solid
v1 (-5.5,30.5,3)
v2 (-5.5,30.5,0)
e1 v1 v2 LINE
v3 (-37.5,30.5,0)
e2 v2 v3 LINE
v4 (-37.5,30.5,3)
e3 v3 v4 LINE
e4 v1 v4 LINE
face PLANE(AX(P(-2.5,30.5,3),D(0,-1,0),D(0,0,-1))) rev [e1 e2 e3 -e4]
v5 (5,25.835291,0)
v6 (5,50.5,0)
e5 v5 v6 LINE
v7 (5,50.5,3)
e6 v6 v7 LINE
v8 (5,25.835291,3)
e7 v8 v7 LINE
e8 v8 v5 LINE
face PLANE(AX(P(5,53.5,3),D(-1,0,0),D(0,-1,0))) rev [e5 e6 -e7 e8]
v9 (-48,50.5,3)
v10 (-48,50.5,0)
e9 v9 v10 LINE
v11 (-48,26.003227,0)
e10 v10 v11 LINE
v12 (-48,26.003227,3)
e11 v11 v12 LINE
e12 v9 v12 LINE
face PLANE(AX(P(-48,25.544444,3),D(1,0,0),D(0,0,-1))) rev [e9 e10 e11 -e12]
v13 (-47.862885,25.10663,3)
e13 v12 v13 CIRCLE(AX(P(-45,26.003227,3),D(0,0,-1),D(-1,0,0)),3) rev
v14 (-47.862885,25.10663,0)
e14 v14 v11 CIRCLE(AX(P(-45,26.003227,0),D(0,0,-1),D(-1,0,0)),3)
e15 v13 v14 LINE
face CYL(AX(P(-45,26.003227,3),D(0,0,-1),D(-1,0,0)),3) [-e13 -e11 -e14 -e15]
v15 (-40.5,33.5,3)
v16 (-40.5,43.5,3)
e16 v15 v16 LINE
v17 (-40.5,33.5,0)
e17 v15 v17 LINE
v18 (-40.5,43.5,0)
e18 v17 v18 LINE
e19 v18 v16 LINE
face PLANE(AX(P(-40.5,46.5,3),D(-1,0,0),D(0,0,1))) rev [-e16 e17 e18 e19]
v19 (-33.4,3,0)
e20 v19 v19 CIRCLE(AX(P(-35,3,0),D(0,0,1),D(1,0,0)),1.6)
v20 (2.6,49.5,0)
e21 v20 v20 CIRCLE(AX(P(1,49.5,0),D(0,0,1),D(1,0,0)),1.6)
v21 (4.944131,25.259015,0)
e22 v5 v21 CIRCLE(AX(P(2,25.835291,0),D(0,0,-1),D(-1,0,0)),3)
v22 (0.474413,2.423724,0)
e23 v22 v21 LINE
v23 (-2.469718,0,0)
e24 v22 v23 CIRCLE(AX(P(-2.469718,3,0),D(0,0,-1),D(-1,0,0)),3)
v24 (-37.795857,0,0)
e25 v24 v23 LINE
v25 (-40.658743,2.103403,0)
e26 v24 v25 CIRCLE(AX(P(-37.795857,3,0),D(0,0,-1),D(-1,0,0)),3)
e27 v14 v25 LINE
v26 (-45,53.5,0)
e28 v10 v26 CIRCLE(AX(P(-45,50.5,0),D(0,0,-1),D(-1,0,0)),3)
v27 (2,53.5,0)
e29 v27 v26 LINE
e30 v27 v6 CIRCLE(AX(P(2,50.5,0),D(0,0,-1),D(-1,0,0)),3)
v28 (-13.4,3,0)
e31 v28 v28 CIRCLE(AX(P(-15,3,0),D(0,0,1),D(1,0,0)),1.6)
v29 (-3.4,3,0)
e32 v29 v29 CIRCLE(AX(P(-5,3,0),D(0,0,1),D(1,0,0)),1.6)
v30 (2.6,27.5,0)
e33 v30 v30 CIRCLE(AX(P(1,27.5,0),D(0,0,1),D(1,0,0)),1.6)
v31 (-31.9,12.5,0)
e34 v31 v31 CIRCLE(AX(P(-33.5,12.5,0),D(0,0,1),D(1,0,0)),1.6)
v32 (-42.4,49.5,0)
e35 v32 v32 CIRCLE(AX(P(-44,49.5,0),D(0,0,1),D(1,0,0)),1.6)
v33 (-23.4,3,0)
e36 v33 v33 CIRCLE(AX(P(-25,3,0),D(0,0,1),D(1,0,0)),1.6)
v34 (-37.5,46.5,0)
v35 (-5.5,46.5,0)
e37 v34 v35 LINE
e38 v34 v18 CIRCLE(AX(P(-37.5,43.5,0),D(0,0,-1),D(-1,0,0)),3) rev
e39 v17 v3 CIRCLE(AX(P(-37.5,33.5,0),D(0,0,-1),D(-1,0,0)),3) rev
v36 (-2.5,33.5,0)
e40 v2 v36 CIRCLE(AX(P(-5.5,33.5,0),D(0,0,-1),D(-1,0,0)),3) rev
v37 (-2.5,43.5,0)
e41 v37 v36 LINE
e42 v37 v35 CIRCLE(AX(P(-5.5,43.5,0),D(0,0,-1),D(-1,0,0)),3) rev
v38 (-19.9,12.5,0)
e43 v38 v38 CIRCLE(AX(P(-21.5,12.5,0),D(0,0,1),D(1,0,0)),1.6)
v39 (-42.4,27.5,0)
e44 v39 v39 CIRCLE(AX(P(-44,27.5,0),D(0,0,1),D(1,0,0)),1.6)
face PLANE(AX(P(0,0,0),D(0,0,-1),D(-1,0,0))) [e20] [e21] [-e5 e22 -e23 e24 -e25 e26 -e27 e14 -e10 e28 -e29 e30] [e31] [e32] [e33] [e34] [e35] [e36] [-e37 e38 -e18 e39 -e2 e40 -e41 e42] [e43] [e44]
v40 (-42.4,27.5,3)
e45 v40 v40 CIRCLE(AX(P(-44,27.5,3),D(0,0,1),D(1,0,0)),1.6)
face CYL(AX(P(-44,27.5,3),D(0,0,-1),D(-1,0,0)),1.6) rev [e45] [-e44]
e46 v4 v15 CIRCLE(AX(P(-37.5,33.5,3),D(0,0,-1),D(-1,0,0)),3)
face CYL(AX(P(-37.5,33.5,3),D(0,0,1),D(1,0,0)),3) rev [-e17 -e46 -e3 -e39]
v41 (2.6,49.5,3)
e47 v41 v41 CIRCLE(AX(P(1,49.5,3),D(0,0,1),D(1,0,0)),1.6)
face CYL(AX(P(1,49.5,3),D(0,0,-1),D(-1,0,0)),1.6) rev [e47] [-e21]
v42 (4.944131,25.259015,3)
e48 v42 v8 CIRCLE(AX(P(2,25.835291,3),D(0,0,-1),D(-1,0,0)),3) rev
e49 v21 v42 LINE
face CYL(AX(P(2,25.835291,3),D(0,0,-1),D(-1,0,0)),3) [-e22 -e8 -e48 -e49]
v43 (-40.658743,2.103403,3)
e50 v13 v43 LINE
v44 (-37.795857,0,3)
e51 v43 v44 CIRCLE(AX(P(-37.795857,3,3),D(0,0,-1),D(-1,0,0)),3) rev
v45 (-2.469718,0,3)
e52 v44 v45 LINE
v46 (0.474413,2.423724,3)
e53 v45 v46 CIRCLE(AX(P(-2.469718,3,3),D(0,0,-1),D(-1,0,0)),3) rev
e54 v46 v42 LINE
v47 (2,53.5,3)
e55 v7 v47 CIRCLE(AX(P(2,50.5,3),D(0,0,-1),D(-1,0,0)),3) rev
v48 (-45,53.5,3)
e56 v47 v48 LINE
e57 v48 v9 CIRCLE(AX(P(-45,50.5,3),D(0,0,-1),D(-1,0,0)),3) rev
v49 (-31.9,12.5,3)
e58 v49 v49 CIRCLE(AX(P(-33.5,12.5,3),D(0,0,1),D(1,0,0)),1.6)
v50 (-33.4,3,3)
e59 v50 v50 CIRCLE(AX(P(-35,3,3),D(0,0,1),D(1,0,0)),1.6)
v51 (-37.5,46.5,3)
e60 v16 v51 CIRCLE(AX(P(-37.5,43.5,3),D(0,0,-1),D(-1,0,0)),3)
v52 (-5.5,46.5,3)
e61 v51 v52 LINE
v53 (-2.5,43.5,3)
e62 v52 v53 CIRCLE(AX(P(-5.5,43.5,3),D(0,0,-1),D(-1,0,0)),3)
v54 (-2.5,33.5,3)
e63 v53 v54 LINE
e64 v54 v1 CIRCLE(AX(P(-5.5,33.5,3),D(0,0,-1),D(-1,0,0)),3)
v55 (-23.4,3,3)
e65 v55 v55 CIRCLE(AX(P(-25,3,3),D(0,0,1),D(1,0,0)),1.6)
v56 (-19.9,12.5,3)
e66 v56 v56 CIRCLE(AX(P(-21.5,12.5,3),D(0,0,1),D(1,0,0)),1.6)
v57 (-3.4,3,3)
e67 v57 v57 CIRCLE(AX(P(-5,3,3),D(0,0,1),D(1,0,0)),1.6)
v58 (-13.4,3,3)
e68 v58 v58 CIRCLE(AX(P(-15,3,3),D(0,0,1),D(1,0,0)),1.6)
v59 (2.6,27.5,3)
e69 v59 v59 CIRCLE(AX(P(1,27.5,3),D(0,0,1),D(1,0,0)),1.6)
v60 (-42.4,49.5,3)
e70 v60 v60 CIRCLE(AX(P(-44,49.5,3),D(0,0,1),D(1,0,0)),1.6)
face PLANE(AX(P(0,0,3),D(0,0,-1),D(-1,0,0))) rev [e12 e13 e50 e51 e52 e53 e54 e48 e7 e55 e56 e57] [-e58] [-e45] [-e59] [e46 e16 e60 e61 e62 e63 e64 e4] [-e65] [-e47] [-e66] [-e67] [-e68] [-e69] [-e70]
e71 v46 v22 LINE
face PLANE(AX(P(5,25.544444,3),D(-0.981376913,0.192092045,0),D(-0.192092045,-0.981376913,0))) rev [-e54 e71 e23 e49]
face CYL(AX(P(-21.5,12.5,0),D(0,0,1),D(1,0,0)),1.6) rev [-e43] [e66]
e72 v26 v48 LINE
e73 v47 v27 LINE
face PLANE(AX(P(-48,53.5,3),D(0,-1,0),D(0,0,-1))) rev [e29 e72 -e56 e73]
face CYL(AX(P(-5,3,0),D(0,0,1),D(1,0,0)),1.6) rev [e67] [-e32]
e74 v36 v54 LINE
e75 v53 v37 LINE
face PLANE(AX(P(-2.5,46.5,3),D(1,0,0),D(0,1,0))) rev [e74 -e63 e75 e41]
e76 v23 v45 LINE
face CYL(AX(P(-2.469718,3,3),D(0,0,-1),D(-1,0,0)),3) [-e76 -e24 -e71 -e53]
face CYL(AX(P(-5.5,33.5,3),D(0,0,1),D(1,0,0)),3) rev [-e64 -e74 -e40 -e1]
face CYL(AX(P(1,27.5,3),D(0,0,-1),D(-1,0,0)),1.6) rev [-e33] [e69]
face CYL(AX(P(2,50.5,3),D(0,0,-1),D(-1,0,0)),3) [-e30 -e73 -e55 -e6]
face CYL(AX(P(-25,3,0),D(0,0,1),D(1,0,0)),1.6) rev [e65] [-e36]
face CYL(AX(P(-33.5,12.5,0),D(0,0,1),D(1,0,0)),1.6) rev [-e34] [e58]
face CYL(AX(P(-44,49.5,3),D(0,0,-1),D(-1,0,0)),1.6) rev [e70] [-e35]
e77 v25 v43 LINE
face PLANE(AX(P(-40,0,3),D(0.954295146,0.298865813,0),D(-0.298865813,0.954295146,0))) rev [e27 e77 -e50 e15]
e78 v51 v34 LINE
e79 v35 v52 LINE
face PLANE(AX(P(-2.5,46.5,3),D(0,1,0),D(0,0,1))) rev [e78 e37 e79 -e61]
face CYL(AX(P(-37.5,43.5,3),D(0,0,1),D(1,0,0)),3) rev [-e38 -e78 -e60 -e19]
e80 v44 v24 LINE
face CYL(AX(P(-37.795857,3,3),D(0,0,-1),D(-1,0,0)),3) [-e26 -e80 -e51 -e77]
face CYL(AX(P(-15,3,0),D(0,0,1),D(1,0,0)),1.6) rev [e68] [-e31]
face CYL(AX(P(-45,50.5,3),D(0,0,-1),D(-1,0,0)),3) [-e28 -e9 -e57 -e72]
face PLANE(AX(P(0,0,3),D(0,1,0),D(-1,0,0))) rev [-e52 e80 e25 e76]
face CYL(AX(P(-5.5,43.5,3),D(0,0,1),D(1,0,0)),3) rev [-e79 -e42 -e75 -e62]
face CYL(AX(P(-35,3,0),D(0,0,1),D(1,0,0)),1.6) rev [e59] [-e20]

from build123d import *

# Parameters (mm, degrees)
SKETCH_1_R          = 1.6
EXTRUDE_1_DEPTH     = 3
SKETCH_2_R          = 1.6
CUT_EXTRUDE_1_DEPTH = 4
FILLET_1_R          = 3
SKETCH_4_R          = 1.6
CUT_EXTRUDE_2_DEPTH = 4
SKETCH_5_W          = 38
SKETCH_5_H          = 16
CUT_EXTRUDE_3_DEPTH = 4
FILLET_2_R          = 3


with BuildPart() as part:
    # 草图1 → 凸台-拉伸1 (new body)
    with BuildSketch(Plane.XY):
        Polygon((-40, 0), (-48, 25.544444444), (-48, 53.5), (5, 53.5), (5, 25.544444444), (0, 0), align=None)
        with Locations((-44, 49.5)):
            Circle(SKETCH_1_R, mode=Mode.SUBTRACT)
        with Locations((1, 49.5)):
            Circle(SKETCH_1_R, mode=Mode.SUBTRACT)
        with Locations((1, 27.5)):
            Circle(SKETCH_1_R, mode=Mode.SUBTRACT)
        with Locations((-44, 27.5)):
            Circle(SKETCH_1_R, mode=Mode.SUBTRACT)
    extrude(amount=EXTRUDE_1_DEPTH)

    # 草图2 → 切除-拉伸1 (cut, through all)
    with BuildSketch(Plane.XY.offset(3)):
        with Locations((-5, 3)):
            Circle(SKETCH_2_R)
        with Locations((-15, 3)):
            Circle(SKETCH_2_R)
        with Locations((-25, 3)):
            Circle(SKETCH_2_R)
        with Locations((-35, 3)):
            Circle(SKETCH_2_R)
    extrude(amount=-CUT_EXTRUDE_1_DEPTH, mode=Mode.SUBTRACT)

    # 圆角1
    fillet_1_edges = [part.edges().sort_by_distance(p)[0] for p in [
        (0, 0, 1.5),
        (-40, 0, 1.5),
        (-48, 25.544444444, 1.5),
        (-48, 53.5, 1.5),
        (5, 53.5, 1.5),
        (5, 25.544444444, 1.5),
    ]]
    fillet(fillet_1_edges, radius=FILLET_1_R)

    # 草图4 → 切除-拉伸2 (cut, through all)
    with BuildSketch(Plane.XY.offset(3)):
        with Locations((-21.5, 36.5)):
            Circle(SKETCH_4_R)
        with Locations((-33.5, 12.5)):
            Circle(SKETCH_4_R)
        with Locations((-21.5, 12.5)):
            Circle(SKETCH_4_R)
    extrude(amount=-CUT_EXTRUDE_2_DEPTH, mode=Mode.SUBTRACT)

    # 草图5 → 切除-拉伸3 (cut, through all)
    with BuildSketch(Plane(origin=(0, 0, 0), x_dir=(-1, 0, 0), z_dir=(0, 0, -1))):
        with Locations((21.5, 38.5)):
            Rectangle(SKETCH_5_W, SKETCH_5_H)
    extrude(amount=-CUT_EXTRUDE_3_DEPTH, mode=Mode.SUBTRACT)

    # 圆角2
    fillet_2_edges = [part.edges().sort_by_distance(p)[0] for p in [
        (-40.5, 46.5, 1.5),
        (-40.5, 30.5, 1.5),
        (-2.5, 30.5, 1.5),
        (-2.5, 46.5, 1.5),
    ]]
    fillet(fillet_2_edges, radius=FILLET_2_R)


solid = part.part
